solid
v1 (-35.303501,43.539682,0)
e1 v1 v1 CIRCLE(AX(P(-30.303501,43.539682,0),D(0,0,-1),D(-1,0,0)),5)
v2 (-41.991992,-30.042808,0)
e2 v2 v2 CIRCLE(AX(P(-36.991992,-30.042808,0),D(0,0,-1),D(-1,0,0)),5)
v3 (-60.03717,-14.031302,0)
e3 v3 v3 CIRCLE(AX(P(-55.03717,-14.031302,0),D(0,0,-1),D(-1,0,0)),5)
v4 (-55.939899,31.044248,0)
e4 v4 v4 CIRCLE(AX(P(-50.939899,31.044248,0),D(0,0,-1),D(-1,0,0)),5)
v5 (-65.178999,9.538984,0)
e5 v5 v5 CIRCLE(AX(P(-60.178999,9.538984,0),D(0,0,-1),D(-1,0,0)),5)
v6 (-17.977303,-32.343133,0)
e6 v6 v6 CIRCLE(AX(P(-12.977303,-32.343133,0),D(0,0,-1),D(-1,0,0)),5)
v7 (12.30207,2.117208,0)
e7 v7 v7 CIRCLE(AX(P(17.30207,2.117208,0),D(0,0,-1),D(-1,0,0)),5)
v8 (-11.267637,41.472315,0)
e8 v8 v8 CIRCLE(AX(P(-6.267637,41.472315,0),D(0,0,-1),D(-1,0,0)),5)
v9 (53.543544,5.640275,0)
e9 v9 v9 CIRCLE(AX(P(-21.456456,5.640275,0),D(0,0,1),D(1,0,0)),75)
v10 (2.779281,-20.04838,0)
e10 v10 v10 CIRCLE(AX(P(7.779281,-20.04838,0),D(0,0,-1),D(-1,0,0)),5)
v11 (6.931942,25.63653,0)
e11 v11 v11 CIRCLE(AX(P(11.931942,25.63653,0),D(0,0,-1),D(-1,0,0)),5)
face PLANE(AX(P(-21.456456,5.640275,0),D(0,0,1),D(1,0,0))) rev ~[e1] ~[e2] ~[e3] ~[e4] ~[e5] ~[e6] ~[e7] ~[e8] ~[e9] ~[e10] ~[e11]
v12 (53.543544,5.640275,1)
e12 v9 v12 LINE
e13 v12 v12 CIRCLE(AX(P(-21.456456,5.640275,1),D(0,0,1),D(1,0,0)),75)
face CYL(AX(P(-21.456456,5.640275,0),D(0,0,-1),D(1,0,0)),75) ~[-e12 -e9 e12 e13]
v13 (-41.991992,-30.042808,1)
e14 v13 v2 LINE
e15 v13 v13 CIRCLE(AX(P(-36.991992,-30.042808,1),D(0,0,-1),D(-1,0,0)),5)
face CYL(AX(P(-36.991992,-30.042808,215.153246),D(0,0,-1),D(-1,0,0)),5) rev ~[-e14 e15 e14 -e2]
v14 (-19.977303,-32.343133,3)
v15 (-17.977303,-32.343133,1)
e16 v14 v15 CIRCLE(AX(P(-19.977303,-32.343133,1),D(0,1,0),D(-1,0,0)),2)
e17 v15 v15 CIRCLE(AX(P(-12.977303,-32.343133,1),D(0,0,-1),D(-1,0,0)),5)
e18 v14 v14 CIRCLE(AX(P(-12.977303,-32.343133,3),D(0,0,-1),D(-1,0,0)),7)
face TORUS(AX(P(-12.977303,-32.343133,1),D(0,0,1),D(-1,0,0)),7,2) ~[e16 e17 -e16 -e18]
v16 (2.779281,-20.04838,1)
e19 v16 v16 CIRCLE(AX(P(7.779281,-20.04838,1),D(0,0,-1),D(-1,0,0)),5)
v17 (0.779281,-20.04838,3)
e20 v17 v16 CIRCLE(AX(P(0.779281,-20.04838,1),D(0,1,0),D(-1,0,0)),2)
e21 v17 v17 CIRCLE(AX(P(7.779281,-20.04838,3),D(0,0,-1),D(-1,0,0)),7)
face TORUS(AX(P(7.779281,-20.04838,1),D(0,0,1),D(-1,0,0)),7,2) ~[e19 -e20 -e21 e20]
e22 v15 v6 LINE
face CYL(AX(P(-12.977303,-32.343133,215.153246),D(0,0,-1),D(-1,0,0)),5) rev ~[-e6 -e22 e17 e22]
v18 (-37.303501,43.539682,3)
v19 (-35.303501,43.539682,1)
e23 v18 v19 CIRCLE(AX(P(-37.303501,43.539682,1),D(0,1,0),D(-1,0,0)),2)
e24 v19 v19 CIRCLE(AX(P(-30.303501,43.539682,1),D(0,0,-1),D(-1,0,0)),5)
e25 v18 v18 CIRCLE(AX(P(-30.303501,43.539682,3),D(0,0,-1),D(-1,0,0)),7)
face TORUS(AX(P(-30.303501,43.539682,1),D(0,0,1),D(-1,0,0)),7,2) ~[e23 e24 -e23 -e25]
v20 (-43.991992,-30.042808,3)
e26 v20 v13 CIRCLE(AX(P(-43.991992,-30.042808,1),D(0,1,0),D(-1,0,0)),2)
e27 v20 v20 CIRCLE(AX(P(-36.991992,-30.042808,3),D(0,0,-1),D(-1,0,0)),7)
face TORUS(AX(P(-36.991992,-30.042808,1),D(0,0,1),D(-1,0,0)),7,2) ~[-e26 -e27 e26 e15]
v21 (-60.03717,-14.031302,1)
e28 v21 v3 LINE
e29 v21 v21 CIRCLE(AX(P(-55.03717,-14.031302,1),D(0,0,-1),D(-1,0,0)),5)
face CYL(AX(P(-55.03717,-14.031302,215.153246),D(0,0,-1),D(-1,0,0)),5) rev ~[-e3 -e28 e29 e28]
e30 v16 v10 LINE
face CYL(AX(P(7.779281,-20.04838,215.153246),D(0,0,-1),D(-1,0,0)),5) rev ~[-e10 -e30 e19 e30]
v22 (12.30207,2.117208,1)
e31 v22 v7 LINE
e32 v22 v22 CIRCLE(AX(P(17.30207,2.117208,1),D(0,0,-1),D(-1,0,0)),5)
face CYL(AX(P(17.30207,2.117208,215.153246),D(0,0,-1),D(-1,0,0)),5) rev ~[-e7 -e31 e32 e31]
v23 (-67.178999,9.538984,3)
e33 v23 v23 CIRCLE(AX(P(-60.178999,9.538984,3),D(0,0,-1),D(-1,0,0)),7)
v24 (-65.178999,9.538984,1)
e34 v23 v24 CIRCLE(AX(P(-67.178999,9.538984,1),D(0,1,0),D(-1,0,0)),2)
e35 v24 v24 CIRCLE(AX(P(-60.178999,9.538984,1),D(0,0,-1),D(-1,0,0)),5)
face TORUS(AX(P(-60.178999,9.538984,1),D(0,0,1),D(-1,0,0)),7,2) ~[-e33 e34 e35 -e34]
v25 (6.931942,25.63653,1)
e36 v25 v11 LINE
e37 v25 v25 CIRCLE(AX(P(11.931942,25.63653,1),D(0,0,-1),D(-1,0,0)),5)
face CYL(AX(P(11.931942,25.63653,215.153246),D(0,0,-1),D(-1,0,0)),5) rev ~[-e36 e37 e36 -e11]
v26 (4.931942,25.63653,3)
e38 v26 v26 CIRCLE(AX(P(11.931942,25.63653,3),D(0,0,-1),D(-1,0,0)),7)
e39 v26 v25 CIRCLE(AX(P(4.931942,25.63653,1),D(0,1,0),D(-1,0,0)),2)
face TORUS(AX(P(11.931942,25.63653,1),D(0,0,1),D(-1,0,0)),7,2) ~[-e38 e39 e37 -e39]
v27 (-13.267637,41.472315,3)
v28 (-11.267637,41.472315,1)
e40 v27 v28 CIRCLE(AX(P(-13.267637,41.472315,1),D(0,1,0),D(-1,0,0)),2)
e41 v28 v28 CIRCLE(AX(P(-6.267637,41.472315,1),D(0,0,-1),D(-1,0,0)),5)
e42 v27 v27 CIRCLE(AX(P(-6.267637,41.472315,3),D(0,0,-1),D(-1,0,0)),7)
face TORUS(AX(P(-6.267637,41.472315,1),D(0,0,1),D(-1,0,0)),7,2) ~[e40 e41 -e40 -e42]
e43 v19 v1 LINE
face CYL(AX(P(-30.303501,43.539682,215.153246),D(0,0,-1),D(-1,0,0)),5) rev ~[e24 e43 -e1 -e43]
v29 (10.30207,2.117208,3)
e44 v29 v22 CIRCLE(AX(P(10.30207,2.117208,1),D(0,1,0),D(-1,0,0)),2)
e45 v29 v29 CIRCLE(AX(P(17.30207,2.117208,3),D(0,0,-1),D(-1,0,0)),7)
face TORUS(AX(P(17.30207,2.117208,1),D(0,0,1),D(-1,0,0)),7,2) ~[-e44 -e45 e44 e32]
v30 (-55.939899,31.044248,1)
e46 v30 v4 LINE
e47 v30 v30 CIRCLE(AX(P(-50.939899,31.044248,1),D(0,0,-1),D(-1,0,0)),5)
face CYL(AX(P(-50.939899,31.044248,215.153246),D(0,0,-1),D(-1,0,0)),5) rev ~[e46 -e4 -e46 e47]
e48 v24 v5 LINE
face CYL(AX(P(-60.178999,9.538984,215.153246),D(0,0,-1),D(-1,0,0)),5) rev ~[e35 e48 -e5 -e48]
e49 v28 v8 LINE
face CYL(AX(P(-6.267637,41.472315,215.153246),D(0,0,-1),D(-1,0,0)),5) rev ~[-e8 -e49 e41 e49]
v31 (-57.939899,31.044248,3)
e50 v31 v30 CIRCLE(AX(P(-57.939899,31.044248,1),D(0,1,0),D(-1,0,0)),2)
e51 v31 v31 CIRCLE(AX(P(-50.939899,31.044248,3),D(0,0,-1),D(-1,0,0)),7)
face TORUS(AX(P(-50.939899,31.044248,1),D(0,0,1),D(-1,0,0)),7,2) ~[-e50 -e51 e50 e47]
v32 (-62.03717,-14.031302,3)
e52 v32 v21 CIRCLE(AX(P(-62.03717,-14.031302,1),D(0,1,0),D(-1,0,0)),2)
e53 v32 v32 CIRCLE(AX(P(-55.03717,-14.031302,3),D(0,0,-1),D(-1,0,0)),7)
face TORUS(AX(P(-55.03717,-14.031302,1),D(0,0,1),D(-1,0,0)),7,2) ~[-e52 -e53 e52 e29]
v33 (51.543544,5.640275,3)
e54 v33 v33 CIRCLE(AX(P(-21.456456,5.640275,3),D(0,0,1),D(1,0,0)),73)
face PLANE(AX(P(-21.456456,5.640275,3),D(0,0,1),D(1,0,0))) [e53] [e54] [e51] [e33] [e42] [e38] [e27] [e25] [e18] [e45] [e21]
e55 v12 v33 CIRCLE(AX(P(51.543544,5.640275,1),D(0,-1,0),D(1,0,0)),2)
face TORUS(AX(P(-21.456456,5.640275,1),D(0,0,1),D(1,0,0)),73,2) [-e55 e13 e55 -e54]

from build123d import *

# Parameters (mm, degrees)
F0_R     = 75
F1_DEPTH = 3
F3_D     = 10
F4_R     = 2


with BuildPart() as f1:
    # F0 (on Top) → F1 (new body)
    with BuildSketch(Plane.XY):
        with Locations((-21.456456, 5.640275)):
            Circle(F0_R)
    extrude(amount=F1_DEPTH)

    # F3 (through all)
    with Locations(Plane.XY.offset(3)):
        with Locations((-50.939899, 31.044248), (-30.303501, 43.539682), (-6.267637, 41.472315), (11.931942, 25.63653), (17.30207, 2.117208), (7.779281, -20.04838), (-12.977303, -32.343133), (-36.991992, -30.042808), (-55.03717, -14.031302), (-60.178999, 9.538984)):
            Hole(F3_D / 2)

    # F4
    f4_edges = [f1.edges().sort_by_distance(p)[0] for p in [
        (-96.456456, 5.640275, 3),
        (-41.991992, -30.042808, 3),
        (-60.03717, -14.031302, 3),
        (-17.977303, -32.343133, 3),
        (2.779281, -20.04838, 3),
        (12.30207, 2.117208, 3),
        (-65.178999, 9.538984, 3),
        (-55.939899, 31.044248, 3),
        (-35.303501, 43.539682, 3),
        (6.931942, 25.63653, 3),
        (-11.267637, 41.472315, 3),
    ]]
    fillet(f4_edges, radius=F4_R)


solid = f1.part
